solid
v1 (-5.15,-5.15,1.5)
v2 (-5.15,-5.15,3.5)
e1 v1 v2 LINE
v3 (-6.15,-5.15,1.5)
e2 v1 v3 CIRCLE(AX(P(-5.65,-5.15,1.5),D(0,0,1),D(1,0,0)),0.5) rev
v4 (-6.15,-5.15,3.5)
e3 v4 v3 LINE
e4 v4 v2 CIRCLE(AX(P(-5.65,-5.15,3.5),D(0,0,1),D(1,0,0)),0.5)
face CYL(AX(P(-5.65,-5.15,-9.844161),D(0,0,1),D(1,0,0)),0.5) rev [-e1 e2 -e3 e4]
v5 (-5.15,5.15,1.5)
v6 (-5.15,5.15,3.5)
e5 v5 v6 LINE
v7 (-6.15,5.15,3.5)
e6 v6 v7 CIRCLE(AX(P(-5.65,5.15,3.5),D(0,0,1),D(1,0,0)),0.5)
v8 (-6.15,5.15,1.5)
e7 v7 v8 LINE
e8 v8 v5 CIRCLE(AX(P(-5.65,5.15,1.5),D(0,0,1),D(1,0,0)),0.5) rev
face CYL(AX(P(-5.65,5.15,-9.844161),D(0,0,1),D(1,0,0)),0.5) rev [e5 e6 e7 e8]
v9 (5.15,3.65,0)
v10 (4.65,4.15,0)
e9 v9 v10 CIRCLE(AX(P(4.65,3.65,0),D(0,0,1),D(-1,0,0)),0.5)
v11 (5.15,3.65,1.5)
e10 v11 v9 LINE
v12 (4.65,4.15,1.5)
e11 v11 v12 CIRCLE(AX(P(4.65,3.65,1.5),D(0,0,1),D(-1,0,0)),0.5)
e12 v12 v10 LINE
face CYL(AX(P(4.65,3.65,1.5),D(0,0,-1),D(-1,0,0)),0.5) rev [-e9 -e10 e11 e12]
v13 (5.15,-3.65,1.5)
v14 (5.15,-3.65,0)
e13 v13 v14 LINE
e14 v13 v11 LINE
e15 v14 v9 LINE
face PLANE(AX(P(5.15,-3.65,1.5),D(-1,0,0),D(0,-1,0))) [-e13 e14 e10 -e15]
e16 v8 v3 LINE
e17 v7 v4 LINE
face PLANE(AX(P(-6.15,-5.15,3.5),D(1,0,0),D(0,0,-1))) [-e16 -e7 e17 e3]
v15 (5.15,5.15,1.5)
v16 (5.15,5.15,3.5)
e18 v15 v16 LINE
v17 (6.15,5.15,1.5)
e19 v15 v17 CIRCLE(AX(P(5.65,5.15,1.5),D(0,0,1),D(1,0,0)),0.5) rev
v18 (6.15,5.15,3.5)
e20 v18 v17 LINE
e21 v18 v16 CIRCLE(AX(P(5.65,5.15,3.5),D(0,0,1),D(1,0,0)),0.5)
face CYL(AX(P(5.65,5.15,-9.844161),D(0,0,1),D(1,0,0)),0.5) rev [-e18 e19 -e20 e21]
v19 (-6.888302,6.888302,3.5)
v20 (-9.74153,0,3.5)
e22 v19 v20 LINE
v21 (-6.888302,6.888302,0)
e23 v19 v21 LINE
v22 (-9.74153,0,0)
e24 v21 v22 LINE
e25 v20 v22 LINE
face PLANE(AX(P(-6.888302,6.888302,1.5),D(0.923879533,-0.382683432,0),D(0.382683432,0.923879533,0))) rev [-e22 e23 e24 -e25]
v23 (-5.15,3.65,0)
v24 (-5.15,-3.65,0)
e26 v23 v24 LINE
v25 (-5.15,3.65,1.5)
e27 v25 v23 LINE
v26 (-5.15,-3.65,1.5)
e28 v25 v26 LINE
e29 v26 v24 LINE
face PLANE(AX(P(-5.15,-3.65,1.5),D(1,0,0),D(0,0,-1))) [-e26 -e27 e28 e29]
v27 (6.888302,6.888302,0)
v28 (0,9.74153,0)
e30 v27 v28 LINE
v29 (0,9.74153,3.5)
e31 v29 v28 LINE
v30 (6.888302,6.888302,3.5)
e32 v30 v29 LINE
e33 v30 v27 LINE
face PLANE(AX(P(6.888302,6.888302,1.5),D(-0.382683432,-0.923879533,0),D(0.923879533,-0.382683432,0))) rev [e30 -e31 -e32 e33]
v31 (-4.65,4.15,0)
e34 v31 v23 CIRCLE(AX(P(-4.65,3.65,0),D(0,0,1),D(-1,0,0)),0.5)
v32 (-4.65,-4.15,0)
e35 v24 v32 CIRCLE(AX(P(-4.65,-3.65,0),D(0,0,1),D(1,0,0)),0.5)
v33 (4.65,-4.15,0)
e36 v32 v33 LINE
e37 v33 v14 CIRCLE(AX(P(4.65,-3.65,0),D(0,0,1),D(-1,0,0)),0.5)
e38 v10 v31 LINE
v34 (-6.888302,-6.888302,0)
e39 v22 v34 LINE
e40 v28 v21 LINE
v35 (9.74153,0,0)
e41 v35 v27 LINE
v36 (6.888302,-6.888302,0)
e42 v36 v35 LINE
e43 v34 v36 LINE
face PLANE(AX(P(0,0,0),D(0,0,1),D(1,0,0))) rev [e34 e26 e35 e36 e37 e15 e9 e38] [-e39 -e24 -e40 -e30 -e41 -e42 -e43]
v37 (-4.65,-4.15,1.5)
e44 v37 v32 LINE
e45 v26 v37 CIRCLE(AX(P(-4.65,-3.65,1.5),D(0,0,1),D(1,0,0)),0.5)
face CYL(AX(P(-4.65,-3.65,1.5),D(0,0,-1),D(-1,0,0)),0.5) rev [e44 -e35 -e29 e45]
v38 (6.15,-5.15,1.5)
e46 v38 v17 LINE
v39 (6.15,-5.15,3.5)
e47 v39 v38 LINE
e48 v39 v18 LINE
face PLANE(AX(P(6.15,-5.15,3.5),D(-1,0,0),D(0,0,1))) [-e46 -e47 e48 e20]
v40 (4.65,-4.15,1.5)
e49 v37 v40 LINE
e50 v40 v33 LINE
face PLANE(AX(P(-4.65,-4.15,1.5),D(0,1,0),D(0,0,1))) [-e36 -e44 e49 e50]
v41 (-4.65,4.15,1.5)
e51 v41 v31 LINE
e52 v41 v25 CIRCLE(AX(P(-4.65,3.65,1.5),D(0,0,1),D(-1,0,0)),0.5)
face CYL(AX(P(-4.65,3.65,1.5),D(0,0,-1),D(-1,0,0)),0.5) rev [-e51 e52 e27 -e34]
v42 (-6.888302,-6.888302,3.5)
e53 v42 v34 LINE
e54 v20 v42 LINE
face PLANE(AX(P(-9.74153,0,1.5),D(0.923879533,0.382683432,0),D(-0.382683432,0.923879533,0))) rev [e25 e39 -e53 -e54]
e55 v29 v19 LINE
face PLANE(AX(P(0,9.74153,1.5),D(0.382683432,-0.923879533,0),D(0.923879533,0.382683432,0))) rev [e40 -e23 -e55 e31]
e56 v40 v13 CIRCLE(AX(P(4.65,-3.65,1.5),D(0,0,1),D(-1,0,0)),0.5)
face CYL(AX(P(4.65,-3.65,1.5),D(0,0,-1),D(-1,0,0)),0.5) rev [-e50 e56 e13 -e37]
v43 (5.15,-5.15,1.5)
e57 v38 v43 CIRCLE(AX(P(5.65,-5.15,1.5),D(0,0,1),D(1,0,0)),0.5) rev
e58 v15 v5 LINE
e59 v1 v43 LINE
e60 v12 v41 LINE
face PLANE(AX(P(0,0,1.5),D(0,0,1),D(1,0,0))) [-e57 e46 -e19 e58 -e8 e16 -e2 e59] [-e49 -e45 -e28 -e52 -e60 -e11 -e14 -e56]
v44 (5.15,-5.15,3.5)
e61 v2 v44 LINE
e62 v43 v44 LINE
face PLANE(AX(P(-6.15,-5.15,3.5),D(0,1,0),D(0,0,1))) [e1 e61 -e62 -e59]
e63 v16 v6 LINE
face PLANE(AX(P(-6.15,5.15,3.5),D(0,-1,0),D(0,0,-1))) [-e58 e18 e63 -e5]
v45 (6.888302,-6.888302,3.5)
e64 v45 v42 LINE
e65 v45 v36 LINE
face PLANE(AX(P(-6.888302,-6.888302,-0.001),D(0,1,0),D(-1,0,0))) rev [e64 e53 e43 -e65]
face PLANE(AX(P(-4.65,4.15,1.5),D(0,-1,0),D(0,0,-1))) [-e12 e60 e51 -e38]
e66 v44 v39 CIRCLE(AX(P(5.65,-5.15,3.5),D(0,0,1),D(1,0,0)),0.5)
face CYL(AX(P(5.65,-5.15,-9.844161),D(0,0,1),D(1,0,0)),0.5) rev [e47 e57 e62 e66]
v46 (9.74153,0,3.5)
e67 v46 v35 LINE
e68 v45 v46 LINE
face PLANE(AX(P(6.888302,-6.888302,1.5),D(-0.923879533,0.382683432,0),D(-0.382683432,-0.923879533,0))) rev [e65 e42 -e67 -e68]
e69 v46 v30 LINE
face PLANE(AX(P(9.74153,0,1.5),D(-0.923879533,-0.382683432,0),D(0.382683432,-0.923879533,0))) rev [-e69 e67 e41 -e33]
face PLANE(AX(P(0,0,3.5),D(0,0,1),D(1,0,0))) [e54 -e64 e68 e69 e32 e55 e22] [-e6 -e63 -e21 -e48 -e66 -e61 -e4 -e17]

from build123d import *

# Parameters (mm, degrees)
BOSS_EXTRUDE1_DEPTH = 1.5
SKETCH2_W           = 12.3
SKETCH2_H           = 10.3
BOSS_EXTRUDE2_DEPTH = 2
CUT_EXTRUDE1_DEPTH  = 2
CUT_EXTRUDE2_REACH  = 5.5


with BuildPart() as part:
    # Sketch1 → Boss-Extrude1 (new body)
    with BuildSketch(Plane.XY):
        Polygon((6.888301783, 6.888301783), (0, 9.741529803), (-6.888301783, 6.888301783), (-9.741529803, 0), (-6.888301783, -6.888301783), (0, -9.741529803), (6.888301783, -6.888301783), (9.741529803, 0), align=None)
        with BuildLine():
            Line((-5.15, -3.65), (-5.15, 3.65))
            ThreePointArc((-5.15, 3.65), (-5.003553391, 4.003553391), (-4.65, 4.15))
            Line((-4.65, 4.15), (4.65, 4.15))
            ThreePointArc((4.65, 4.15), (5.003553391, 4.003553391), (5.15, 3.65))
            Line((5.15, 3.65), (5.15, -3.65))
            ThreePointArc((5.15, -3.65), (5.003553391, -4.003553391), (4.65, -4.15))
            Line((4.65, -4.15), (-4.65, -4.15))
            ThreePointArc((-4.65, -4.15), (-5.003553391, -4.003553391), (-5.15, -3.65))
        make_face(mode=Mode.SUBTRACT)
    extrude(amount=BOSS_EXTRUDE1_DEPTH)

    # Sketch2 → Boss-Extrude2 (add)
    with BuildSketch(Plane.XY.offset(1.5)):
        Polygon((9.741529803, 0), (6.888301783, 6.888301783), (0, 9.741529803), (-6.888301783, 6.888301783), (-9.741529803, 0), (-6.888301783, -6.888301783), (0, -9.741529803), (6.888301783, -6.888301783), align=None)
        Rectangle(SKETCH2_W, SKETCH2_H, mode=Mode.SUBTRACT)
    extrude(amount=BOSS_EXTRUDE2_DEPTH)

    # Sketch3 → Cut-Extrude1 (cut)
    with BuildSketch(Plane.XY.offset(3.5)):
        with BuildLine():
            Line((-6.15, -5.15), (-6.15, 5.15))
            ThreePointArc((-6.15, 5.15), (-5.65, 5.65), (-5.15, 5.15))
            Line((-5.15, 5.15), (-5.15, -5.15))
            ThreePointArc((-5.15, -5.15), (-5.65, -5.65), (-6.15, -5.15))
        make_face()
        with BuildLine():
            Line((5.15, -5.15), (5.15, 5.15))
            ThreePointArc((5.15, 5.15), (5.65, 5.65), (6.15, 5.15))
            Line((6.15, 5.15), (6.15, -5.15))
            ThreePointArc((6.15, -5.15), (5.65, -5.65), (5.15, -5.15))
        make_face()
    extrude(amount=-CUT_EXTRUDE1_DEPTH, mode=Mode.SUBTRACT)

    # Sketch4 → Cut-Extrude2 (cut, up to next)
    with BuildSketch(Plane.XY.offset(3.5), mode=Mode.PRIVATE) as cut_extrude2_sk1:
        Polygon((-6.888301783, -6.888301783), (6.888301783, -6.888301783), (0, -9.741529803), align=None)
    cut_extrude2_tool1 = extrude(cut_extrude2_sk1.sketch, amount=-CUT_EXTRUDE2_REACH, mode=Mode.PRIVATE) & part.part
    add(cut_extrude2_tool1.solids().sort_by_distance((0, -7.839378, 3.5))[0], mode=Mode.SUBTRACT)


solid = part.part
